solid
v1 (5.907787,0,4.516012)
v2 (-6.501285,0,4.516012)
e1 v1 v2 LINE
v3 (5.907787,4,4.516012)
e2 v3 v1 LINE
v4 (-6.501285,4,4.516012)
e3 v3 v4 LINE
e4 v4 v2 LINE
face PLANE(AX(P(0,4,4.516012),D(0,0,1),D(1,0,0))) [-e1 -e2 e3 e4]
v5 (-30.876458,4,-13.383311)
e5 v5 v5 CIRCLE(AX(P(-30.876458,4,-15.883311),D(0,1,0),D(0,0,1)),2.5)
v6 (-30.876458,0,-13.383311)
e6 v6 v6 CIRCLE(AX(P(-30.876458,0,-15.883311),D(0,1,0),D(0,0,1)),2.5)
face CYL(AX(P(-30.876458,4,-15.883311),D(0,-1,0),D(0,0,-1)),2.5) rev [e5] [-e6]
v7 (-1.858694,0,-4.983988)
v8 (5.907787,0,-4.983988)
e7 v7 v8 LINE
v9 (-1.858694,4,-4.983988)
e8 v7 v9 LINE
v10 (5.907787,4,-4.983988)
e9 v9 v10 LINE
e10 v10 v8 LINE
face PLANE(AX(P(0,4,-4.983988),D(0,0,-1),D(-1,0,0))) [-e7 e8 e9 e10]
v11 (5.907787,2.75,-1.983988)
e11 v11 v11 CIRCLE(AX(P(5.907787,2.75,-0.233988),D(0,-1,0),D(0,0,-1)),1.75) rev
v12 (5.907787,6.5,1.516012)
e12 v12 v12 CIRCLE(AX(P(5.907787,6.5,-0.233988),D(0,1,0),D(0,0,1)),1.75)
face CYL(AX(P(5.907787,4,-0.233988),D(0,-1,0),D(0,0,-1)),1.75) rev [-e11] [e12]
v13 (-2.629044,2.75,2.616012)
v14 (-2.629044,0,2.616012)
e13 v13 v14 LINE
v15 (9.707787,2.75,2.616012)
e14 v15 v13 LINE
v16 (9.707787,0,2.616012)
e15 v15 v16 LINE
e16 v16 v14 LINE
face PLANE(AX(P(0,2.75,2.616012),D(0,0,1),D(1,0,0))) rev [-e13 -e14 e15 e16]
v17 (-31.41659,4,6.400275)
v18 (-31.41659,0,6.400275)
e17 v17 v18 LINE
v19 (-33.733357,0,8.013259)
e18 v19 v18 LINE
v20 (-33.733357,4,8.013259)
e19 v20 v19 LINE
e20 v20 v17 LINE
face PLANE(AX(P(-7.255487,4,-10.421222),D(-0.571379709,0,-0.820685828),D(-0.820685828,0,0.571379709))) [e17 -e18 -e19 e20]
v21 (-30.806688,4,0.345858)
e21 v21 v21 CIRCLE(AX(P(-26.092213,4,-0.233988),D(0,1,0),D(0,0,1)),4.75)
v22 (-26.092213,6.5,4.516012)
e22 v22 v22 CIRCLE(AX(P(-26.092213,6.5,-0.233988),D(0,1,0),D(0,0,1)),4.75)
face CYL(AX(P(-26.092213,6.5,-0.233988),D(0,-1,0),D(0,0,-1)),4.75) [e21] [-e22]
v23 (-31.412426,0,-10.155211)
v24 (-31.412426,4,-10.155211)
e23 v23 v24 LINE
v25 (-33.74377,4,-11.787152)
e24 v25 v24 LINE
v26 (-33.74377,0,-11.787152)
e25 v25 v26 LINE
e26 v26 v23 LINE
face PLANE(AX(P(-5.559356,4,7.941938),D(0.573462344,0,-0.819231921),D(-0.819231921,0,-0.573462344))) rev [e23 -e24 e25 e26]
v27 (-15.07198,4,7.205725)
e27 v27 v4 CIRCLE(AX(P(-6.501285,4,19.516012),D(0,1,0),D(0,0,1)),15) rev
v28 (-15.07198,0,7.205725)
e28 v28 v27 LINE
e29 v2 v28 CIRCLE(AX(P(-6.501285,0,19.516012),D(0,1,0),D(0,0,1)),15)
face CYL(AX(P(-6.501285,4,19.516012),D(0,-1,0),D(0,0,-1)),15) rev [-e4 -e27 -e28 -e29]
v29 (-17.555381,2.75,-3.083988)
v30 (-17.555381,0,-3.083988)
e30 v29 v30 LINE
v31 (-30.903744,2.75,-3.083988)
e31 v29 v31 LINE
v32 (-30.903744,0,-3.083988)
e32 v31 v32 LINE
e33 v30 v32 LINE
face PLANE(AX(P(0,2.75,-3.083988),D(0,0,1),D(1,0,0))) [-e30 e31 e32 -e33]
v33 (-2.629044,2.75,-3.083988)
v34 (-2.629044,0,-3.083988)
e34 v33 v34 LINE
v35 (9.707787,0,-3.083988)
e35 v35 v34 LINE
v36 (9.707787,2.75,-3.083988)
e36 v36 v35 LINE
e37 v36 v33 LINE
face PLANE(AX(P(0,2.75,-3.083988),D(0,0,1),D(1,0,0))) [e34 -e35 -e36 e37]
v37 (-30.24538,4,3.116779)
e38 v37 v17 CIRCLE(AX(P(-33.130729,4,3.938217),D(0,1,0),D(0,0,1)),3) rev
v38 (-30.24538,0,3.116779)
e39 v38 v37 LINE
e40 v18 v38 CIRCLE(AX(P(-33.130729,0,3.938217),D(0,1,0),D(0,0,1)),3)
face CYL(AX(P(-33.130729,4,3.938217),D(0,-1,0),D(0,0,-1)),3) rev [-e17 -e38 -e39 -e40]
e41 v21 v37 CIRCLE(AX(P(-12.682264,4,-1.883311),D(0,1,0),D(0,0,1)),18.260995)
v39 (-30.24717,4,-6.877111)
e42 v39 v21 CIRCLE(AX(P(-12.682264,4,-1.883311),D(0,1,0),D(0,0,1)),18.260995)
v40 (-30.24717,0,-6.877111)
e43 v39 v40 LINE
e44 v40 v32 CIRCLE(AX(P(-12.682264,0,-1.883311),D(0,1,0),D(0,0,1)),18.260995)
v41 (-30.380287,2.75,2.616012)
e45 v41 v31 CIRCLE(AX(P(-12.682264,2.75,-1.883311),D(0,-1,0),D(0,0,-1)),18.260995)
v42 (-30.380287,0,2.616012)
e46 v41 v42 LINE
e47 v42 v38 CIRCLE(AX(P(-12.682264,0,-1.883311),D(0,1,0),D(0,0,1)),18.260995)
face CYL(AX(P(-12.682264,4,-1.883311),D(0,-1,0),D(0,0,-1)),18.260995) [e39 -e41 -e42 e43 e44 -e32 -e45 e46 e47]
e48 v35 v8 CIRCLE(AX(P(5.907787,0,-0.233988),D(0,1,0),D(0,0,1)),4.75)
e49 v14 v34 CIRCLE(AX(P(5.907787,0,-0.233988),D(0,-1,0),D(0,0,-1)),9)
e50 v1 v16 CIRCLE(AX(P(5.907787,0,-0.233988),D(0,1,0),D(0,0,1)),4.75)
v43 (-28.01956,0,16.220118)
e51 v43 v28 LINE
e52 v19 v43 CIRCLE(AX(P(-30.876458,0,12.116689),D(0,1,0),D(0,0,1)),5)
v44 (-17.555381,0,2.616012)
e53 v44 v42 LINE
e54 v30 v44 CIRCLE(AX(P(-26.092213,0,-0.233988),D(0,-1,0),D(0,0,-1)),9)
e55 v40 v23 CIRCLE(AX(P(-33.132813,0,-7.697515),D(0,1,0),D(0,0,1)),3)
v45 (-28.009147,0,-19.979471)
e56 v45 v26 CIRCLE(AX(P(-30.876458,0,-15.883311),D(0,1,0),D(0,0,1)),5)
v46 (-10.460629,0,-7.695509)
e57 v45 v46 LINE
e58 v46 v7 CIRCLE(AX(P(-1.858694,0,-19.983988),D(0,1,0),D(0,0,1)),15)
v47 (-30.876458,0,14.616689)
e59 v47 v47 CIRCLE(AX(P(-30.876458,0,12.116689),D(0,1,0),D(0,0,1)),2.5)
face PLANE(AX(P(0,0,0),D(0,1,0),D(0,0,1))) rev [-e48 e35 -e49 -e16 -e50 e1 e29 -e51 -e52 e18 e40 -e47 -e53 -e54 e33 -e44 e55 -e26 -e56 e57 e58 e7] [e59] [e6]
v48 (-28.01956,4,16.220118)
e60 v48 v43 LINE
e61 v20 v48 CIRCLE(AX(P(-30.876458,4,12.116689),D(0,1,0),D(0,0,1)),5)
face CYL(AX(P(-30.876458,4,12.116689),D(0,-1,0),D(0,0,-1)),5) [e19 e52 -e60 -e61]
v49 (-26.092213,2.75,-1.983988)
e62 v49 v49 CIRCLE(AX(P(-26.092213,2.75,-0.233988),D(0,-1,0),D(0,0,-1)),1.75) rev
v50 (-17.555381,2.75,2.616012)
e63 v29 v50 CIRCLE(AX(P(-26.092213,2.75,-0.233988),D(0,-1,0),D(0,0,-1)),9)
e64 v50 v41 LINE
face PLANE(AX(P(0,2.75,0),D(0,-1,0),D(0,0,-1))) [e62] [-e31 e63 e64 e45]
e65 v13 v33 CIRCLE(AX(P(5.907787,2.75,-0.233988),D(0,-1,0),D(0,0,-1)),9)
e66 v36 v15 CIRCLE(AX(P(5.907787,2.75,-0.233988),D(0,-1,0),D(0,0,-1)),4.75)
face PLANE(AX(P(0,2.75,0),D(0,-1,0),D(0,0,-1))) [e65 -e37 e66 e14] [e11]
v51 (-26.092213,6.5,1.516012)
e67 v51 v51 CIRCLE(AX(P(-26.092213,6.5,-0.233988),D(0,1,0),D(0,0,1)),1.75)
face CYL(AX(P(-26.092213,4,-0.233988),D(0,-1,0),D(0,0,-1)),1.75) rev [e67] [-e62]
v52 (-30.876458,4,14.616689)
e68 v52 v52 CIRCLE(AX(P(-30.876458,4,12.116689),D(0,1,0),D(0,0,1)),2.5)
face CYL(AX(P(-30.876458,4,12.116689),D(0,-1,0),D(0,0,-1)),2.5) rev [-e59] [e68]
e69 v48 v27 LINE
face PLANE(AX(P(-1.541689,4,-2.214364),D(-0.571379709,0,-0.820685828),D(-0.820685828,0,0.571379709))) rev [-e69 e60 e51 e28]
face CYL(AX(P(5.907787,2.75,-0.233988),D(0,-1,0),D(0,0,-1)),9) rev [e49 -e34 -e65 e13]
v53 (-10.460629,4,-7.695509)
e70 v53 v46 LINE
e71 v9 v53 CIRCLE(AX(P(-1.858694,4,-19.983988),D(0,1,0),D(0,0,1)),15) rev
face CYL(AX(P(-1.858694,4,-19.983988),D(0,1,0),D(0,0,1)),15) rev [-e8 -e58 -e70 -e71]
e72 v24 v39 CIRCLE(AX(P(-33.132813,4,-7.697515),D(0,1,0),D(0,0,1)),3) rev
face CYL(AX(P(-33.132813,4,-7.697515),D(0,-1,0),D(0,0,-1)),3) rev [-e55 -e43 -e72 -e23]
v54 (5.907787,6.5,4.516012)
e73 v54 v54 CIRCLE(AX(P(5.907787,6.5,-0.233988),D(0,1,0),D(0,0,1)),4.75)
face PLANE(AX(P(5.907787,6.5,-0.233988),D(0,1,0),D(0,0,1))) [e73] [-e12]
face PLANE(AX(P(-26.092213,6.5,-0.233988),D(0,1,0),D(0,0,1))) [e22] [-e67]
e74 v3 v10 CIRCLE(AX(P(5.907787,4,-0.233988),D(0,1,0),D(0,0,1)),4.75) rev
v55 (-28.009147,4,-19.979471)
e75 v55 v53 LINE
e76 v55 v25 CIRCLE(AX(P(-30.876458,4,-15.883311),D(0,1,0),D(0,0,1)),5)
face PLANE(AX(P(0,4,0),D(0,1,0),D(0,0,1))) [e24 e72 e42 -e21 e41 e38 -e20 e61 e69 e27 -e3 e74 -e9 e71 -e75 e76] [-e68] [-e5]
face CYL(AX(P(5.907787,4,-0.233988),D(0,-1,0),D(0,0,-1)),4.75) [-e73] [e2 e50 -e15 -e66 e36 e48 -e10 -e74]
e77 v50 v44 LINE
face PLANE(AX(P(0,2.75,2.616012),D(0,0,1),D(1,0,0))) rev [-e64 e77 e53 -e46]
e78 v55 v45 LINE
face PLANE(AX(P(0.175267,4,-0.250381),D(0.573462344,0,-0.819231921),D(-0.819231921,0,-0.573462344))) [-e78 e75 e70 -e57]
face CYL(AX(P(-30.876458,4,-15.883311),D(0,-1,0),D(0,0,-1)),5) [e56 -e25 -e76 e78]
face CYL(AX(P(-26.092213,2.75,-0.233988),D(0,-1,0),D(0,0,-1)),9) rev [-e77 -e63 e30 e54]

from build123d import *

# Parameters (mm, degrees)
SKETCH1_R           = 2.5
SKETCH1_R_2         = 1.75
BOSS_EXTRUDE1_DEPTH = 4
SKETCH3_R           = 4.75
SKETCH3_R_2         = 1.75
BOSS_EXTRUDE2_DEPTH = 2.5
FILLET1_R           = 3
FILLET2_R           = 15
SKETCH4_R           = 1.75
CUT_EXTRUDE1_DEPTH  = 2.75


with BuildPart() as part:
    # Sketch1 → Boss-Extrude1 (new body)
    with BuildSketch(Plane(origin=(0, 0, 0), x_dir=(1, 0, 0), z_dir=(0, 1, 0))):
        with BuildLine():
            Line((-33.743770102, 11.787151842), (-29.558909379, 8.857749335))
            ThreePointArc((-29.558909379, 8.857749335), (-30.943257909, 1.876678146), (-29.553838003, -5.103385472))
            Line((-29.553838003, -5.103385472), (-33.733356926, -8.013259417))
            ThreePointArc((-33.733356926, -8.013259417), (-34.979887519, -14.973587102), (-28.019559835, -16.220117695))
            Line((-28.019559835, -16.220117695), (-11.208684115, -4.516012477))
            Line((-11.208684115, -4.516012477), (5.907787468, -4.516012477))
            ThreePointArc((5.907787468, -4.516012477), (10.657787468, 0.233987523), (5.907787468, 4.983987523))
            Line((5.907787468, 4.983987523), (-6.587027339, 4.983987523))
            Line((-6.587027339, 4.983987523), (-28.009146659, 19.979471047))
            ThreePointArc((-28.009146659, 19.979471047), (-34.972617983, 18.750623166), (-33.743770102, 11.787151842))
        make_face()
        with Locations((-30.87645838, 15.883311444)):
            Circle(SKETCH1_R, mode=Mode.SUBTRACT)
        with Locations((-30.87645838, -12.116688556)):
            Circle(SKETCH1_R, mode=Mode.SUBTRACT)
        with Locations((-26.092212532, 0.233987523)):
            Circle(SKETCH1_R_2, mode=Mode.SUBTRACT)
        with Locations((5.907787468, 0.233987523)):
            Circle(SKETCH1_R_2, mode=Mode.SUBTRACT)
    extrude(amount=BOSS_EXTRUDE1_DEPTH)

    # Sketch3 → Boss-Extrude2 (add)
    with BuildSketch(Plane(origin=(0, 4, 0), x_dir=(1, 0, 0), z_dir=(0, 1, 0))):
        with Locations((-26.092212532, 0.233987523)):
            Circle(SKETCH3_R)
        with Locations((-26.092212532, 0.233987523)):
            Circle(SKETCH3_R_2, mode=Mode.SUBTRACT)
        with Locations((5.907787468, 0.233987523)):
            Circle(SKETCH3_R)
        with Locations((5.907787468, 0.233987523)):
            Circle(SKETCH3_R_2, mode=Mode.SUBTRACT)
    extrude(amount=BOSS_EXTRUDE2_DEPTH)

    # Fillet1
    fillet1_edges = [part.edges().sort_by_distance(p)[0] for p in [
        (-29.553838003, 2, 5.103385472),
        (-29.558909379, 2, -8.857749335),
    ]]
    fillet(fillet1_edges, radius=FILLET1_R)

    # Fillet2
    fillet2_edges = [part.edges().sort_by_distance(p)[0] for p in [
        (-11.208684115, 2, 4.516012477),
        (-6.587027339, 2, -4.983987523),
    ]]
    fillet(fillet2_edges, radius=FILLET2_R)

    # Sketch4 → Cut-Extrude1 (cut)
    with BuildSketch(Plane.XZ):
        with BuildLine():
            ThreePointArc((-2.629044497, 2.616012477), (-3.092212532, -0.233987523), (-2.629044497, -3.083987523))
            Line((-2.629044497, -3.083987523), (9.707787468, -3.083987523))
            ThreePointArc((9.707787468, -3.083987523), (10.657787468, -0.233987523), (9.707787468, 2.616012477))
            Line((9.707787468, 2.616012477), (-2.629044497, 2.616012477))
        make_face()
        with Locations((5.907787468, -0.233987523)):
            Circle(SKETCH4_R, mode=Mode.SUBTRACT)
        with BuildLine():
            Line((-30.90374362, -3.083987523), (-17.555380567, -3.083987523))
            ThreePointArc((-17.555380567, -3.083987523), (-17.092212532, -0.233987523), (-17.555380567, 2.616012477))
            Line((-17.555380567, 2.616012477), (-30.380287253, 2.616012477))
            ThreePointArc((-30.380287253, 2.616012477), (-30.866740114, -0.213350056), (-30.90374362, -3.083987523))
        make_face()
        with Locations((-26.092212532, -0.233987523)):
            Circle(SKETCH4_R, mode=Mode.SUBTRACT)
    extrude(amount=-CUT_EXTRUDE1_DEPTH, mode=Mode.SUBTRACT)


solid = part.part
